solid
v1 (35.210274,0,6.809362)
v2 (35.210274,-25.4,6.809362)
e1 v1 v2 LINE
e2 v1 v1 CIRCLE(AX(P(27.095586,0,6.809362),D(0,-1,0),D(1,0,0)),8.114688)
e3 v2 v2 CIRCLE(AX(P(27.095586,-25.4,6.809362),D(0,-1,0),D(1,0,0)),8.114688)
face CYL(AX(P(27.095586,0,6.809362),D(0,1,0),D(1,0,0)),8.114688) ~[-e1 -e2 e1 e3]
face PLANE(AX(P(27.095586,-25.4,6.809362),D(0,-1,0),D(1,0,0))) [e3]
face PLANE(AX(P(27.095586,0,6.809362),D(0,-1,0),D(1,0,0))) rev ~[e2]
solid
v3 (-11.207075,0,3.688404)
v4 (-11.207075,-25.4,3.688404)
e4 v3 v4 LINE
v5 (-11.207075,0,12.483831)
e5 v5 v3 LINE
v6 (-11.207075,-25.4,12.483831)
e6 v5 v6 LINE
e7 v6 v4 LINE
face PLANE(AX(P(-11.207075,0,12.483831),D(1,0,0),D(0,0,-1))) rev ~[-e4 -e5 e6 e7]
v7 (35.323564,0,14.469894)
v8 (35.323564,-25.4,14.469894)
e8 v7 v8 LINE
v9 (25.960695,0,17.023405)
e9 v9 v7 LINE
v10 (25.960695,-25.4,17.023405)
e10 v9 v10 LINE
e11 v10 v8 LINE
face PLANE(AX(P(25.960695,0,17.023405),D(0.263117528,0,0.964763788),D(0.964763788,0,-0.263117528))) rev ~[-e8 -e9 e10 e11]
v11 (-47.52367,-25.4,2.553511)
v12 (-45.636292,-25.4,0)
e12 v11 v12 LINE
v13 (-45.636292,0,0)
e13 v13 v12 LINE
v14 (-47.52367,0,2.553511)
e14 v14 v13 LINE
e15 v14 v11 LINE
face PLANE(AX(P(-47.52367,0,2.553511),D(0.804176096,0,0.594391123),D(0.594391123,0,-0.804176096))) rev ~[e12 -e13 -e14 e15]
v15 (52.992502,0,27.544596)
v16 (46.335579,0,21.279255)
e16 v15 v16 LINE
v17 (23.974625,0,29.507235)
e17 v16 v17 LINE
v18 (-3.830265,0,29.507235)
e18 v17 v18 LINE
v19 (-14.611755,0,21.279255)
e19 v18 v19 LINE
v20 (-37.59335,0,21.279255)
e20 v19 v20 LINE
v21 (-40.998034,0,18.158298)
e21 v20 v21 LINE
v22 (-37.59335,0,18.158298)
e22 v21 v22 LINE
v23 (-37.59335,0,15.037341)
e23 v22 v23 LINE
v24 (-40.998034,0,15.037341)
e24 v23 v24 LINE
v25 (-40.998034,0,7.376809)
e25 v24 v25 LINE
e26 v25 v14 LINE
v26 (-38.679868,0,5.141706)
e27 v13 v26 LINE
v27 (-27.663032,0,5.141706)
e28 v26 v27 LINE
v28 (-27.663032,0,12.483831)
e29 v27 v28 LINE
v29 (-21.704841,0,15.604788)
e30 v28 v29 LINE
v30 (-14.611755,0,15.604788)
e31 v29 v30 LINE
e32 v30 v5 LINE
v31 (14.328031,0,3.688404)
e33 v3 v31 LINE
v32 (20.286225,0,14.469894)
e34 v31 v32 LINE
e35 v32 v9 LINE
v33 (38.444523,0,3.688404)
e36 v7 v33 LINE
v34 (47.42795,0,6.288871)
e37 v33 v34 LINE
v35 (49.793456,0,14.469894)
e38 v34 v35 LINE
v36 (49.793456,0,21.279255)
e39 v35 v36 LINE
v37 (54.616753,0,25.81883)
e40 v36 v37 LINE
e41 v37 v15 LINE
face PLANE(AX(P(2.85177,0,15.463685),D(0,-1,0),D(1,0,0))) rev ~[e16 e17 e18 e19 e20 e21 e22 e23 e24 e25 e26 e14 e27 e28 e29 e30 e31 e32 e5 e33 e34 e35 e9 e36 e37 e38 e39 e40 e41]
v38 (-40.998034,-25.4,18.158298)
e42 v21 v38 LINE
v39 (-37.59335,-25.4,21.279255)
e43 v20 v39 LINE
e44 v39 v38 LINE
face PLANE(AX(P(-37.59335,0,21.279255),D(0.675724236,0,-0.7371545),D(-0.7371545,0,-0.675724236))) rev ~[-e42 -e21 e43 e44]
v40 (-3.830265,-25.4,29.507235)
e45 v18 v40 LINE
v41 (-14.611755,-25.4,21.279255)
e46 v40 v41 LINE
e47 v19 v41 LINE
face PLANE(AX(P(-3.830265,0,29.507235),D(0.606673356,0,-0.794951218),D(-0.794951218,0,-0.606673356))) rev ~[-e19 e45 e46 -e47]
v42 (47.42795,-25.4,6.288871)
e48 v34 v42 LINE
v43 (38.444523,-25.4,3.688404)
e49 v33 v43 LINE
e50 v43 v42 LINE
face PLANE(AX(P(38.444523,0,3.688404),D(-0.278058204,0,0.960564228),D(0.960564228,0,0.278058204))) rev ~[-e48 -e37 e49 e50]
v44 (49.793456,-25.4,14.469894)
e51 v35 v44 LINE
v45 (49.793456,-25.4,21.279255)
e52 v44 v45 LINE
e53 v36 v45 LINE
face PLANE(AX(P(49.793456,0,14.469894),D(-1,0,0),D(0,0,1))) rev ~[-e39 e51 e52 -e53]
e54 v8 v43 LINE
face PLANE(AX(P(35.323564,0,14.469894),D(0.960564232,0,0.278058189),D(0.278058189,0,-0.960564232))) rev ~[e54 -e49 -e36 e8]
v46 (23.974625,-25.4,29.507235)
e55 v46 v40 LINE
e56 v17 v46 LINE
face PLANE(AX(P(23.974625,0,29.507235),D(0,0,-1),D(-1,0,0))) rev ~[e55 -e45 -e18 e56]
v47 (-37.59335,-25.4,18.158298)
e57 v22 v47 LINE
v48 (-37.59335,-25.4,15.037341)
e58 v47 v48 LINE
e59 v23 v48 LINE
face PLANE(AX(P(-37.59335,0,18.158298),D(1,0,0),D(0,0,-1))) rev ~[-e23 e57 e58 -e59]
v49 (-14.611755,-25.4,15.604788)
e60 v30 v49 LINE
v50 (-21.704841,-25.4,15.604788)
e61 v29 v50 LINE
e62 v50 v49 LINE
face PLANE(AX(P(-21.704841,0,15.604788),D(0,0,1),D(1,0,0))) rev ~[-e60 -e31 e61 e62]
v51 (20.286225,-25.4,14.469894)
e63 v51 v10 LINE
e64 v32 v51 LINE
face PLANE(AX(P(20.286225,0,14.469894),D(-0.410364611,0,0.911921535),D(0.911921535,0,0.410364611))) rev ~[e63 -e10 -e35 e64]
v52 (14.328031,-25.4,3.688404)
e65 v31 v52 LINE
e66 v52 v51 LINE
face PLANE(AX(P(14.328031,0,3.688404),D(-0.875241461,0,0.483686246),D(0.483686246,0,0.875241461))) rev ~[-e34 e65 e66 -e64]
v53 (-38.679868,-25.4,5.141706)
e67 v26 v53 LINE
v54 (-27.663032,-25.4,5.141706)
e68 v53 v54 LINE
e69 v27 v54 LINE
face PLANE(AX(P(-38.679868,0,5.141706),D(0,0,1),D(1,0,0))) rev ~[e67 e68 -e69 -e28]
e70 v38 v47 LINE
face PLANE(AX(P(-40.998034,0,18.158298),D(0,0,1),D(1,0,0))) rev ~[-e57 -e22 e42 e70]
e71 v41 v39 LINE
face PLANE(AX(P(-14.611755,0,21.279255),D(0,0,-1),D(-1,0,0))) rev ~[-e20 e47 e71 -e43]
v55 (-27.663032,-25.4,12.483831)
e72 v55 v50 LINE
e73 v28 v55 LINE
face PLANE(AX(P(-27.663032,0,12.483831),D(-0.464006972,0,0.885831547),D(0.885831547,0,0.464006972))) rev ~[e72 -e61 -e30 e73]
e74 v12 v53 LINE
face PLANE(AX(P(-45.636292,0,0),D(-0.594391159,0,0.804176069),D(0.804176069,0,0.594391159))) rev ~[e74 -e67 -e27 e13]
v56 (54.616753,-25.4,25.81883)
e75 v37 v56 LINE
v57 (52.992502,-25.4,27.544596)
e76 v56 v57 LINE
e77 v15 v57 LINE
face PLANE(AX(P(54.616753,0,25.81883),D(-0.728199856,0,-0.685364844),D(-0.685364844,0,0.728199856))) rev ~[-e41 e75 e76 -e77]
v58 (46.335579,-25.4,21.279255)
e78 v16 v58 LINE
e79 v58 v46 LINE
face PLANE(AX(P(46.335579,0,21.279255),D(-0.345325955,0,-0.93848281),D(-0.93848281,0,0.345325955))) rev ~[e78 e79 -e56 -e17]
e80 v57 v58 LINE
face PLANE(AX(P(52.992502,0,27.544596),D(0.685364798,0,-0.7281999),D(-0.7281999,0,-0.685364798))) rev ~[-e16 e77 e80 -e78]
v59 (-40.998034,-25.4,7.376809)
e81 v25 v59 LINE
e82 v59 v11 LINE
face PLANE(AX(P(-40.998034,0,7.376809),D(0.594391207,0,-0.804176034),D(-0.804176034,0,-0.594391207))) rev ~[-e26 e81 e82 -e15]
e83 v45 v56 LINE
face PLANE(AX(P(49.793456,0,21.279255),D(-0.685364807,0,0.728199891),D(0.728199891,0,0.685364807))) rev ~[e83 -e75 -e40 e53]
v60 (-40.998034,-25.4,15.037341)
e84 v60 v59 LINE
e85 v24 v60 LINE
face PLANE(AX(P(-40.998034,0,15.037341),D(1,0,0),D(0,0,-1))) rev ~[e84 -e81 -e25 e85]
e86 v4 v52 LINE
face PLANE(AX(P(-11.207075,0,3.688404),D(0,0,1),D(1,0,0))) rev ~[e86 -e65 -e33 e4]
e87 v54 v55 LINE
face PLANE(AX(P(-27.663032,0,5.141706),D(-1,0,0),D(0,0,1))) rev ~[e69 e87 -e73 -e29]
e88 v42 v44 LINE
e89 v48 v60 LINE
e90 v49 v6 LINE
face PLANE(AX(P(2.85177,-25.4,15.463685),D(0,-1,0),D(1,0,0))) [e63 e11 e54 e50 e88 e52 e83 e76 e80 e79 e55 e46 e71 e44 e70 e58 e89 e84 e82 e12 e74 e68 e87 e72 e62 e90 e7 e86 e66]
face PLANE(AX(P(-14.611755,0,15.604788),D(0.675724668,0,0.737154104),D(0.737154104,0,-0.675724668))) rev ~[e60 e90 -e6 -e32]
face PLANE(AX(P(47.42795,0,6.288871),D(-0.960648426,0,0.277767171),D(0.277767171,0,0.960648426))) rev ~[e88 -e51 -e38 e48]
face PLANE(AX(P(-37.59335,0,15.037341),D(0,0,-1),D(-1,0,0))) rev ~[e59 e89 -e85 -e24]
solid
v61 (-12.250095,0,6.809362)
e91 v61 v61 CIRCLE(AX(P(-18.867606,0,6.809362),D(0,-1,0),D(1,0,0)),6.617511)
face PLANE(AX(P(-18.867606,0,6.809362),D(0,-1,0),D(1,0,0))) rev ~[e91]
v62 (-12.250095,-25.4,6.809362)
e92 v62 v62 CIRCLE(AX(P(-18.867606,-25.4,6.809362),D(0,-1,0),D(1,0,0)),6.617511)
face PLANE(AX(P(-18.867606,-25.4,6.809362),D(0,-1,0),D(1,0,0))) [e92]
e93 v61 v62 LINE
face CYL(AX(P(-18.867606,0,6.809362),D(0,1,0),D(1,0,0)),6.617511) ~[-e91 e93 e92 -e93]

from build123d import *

# Parameters (mm, degrees)
F0_R     = 8.114688
F0_R_2   = 6.617511
F1_DEPTH = 25.4
F3_DEPTH = 25.4


with BuildPart() as f1:
    # F0 (on Front) → F1 (new body)
    with BuildSketch(Plane.XZ):
        with Locations((27.095586, 6.809362)):
            Circle(F0_R)
        with Locations((-18.867606, 6.809362)):
            Circle(F0_R_2)
    extrude(amount=F1_DEPTH)


with BuildPart() as f3:
    # F2 (on Front) → F3 (new body)
    with BuildSketch(Plane.XZ):
        Polygon((-11.207075, 12.483831), (-11.207075, 3.688404), (14.328031, 3.688404), (20.286225, 14.469894), (25.960695, 17.023405), (35.323564, 14.469894), (38.444523, 3.688404), (47.42795, 6.288871), (49.793456, 14.469894), (49.793456, 21.279255), (54.616753, 25.81883), (52.992502, 27.544596), (46.335579, 21.279255), (23.974625, 29.507235), (-3.830265, 29.507235), (-14.611755, 21.279255), (-37.59335, 21.279255), (-40.998034, 18.158298), (-37.59335, 18.158298), (-37.59335, 15.037341), (-40.998034, 15.037341), (-40.998034, 7.376809), (-47.52367, 2.553511), (-45.636292, 0), (-38.679868, 5.141706), (-27.663032, 5.141706), (-27.663032, 12.483831), (-21.704841, 15.604788), (-14.611755, 15.604788), align=None)
    extrude(amount=F3_DEPTH)


solid = Compound([f1.part, f3.part])
